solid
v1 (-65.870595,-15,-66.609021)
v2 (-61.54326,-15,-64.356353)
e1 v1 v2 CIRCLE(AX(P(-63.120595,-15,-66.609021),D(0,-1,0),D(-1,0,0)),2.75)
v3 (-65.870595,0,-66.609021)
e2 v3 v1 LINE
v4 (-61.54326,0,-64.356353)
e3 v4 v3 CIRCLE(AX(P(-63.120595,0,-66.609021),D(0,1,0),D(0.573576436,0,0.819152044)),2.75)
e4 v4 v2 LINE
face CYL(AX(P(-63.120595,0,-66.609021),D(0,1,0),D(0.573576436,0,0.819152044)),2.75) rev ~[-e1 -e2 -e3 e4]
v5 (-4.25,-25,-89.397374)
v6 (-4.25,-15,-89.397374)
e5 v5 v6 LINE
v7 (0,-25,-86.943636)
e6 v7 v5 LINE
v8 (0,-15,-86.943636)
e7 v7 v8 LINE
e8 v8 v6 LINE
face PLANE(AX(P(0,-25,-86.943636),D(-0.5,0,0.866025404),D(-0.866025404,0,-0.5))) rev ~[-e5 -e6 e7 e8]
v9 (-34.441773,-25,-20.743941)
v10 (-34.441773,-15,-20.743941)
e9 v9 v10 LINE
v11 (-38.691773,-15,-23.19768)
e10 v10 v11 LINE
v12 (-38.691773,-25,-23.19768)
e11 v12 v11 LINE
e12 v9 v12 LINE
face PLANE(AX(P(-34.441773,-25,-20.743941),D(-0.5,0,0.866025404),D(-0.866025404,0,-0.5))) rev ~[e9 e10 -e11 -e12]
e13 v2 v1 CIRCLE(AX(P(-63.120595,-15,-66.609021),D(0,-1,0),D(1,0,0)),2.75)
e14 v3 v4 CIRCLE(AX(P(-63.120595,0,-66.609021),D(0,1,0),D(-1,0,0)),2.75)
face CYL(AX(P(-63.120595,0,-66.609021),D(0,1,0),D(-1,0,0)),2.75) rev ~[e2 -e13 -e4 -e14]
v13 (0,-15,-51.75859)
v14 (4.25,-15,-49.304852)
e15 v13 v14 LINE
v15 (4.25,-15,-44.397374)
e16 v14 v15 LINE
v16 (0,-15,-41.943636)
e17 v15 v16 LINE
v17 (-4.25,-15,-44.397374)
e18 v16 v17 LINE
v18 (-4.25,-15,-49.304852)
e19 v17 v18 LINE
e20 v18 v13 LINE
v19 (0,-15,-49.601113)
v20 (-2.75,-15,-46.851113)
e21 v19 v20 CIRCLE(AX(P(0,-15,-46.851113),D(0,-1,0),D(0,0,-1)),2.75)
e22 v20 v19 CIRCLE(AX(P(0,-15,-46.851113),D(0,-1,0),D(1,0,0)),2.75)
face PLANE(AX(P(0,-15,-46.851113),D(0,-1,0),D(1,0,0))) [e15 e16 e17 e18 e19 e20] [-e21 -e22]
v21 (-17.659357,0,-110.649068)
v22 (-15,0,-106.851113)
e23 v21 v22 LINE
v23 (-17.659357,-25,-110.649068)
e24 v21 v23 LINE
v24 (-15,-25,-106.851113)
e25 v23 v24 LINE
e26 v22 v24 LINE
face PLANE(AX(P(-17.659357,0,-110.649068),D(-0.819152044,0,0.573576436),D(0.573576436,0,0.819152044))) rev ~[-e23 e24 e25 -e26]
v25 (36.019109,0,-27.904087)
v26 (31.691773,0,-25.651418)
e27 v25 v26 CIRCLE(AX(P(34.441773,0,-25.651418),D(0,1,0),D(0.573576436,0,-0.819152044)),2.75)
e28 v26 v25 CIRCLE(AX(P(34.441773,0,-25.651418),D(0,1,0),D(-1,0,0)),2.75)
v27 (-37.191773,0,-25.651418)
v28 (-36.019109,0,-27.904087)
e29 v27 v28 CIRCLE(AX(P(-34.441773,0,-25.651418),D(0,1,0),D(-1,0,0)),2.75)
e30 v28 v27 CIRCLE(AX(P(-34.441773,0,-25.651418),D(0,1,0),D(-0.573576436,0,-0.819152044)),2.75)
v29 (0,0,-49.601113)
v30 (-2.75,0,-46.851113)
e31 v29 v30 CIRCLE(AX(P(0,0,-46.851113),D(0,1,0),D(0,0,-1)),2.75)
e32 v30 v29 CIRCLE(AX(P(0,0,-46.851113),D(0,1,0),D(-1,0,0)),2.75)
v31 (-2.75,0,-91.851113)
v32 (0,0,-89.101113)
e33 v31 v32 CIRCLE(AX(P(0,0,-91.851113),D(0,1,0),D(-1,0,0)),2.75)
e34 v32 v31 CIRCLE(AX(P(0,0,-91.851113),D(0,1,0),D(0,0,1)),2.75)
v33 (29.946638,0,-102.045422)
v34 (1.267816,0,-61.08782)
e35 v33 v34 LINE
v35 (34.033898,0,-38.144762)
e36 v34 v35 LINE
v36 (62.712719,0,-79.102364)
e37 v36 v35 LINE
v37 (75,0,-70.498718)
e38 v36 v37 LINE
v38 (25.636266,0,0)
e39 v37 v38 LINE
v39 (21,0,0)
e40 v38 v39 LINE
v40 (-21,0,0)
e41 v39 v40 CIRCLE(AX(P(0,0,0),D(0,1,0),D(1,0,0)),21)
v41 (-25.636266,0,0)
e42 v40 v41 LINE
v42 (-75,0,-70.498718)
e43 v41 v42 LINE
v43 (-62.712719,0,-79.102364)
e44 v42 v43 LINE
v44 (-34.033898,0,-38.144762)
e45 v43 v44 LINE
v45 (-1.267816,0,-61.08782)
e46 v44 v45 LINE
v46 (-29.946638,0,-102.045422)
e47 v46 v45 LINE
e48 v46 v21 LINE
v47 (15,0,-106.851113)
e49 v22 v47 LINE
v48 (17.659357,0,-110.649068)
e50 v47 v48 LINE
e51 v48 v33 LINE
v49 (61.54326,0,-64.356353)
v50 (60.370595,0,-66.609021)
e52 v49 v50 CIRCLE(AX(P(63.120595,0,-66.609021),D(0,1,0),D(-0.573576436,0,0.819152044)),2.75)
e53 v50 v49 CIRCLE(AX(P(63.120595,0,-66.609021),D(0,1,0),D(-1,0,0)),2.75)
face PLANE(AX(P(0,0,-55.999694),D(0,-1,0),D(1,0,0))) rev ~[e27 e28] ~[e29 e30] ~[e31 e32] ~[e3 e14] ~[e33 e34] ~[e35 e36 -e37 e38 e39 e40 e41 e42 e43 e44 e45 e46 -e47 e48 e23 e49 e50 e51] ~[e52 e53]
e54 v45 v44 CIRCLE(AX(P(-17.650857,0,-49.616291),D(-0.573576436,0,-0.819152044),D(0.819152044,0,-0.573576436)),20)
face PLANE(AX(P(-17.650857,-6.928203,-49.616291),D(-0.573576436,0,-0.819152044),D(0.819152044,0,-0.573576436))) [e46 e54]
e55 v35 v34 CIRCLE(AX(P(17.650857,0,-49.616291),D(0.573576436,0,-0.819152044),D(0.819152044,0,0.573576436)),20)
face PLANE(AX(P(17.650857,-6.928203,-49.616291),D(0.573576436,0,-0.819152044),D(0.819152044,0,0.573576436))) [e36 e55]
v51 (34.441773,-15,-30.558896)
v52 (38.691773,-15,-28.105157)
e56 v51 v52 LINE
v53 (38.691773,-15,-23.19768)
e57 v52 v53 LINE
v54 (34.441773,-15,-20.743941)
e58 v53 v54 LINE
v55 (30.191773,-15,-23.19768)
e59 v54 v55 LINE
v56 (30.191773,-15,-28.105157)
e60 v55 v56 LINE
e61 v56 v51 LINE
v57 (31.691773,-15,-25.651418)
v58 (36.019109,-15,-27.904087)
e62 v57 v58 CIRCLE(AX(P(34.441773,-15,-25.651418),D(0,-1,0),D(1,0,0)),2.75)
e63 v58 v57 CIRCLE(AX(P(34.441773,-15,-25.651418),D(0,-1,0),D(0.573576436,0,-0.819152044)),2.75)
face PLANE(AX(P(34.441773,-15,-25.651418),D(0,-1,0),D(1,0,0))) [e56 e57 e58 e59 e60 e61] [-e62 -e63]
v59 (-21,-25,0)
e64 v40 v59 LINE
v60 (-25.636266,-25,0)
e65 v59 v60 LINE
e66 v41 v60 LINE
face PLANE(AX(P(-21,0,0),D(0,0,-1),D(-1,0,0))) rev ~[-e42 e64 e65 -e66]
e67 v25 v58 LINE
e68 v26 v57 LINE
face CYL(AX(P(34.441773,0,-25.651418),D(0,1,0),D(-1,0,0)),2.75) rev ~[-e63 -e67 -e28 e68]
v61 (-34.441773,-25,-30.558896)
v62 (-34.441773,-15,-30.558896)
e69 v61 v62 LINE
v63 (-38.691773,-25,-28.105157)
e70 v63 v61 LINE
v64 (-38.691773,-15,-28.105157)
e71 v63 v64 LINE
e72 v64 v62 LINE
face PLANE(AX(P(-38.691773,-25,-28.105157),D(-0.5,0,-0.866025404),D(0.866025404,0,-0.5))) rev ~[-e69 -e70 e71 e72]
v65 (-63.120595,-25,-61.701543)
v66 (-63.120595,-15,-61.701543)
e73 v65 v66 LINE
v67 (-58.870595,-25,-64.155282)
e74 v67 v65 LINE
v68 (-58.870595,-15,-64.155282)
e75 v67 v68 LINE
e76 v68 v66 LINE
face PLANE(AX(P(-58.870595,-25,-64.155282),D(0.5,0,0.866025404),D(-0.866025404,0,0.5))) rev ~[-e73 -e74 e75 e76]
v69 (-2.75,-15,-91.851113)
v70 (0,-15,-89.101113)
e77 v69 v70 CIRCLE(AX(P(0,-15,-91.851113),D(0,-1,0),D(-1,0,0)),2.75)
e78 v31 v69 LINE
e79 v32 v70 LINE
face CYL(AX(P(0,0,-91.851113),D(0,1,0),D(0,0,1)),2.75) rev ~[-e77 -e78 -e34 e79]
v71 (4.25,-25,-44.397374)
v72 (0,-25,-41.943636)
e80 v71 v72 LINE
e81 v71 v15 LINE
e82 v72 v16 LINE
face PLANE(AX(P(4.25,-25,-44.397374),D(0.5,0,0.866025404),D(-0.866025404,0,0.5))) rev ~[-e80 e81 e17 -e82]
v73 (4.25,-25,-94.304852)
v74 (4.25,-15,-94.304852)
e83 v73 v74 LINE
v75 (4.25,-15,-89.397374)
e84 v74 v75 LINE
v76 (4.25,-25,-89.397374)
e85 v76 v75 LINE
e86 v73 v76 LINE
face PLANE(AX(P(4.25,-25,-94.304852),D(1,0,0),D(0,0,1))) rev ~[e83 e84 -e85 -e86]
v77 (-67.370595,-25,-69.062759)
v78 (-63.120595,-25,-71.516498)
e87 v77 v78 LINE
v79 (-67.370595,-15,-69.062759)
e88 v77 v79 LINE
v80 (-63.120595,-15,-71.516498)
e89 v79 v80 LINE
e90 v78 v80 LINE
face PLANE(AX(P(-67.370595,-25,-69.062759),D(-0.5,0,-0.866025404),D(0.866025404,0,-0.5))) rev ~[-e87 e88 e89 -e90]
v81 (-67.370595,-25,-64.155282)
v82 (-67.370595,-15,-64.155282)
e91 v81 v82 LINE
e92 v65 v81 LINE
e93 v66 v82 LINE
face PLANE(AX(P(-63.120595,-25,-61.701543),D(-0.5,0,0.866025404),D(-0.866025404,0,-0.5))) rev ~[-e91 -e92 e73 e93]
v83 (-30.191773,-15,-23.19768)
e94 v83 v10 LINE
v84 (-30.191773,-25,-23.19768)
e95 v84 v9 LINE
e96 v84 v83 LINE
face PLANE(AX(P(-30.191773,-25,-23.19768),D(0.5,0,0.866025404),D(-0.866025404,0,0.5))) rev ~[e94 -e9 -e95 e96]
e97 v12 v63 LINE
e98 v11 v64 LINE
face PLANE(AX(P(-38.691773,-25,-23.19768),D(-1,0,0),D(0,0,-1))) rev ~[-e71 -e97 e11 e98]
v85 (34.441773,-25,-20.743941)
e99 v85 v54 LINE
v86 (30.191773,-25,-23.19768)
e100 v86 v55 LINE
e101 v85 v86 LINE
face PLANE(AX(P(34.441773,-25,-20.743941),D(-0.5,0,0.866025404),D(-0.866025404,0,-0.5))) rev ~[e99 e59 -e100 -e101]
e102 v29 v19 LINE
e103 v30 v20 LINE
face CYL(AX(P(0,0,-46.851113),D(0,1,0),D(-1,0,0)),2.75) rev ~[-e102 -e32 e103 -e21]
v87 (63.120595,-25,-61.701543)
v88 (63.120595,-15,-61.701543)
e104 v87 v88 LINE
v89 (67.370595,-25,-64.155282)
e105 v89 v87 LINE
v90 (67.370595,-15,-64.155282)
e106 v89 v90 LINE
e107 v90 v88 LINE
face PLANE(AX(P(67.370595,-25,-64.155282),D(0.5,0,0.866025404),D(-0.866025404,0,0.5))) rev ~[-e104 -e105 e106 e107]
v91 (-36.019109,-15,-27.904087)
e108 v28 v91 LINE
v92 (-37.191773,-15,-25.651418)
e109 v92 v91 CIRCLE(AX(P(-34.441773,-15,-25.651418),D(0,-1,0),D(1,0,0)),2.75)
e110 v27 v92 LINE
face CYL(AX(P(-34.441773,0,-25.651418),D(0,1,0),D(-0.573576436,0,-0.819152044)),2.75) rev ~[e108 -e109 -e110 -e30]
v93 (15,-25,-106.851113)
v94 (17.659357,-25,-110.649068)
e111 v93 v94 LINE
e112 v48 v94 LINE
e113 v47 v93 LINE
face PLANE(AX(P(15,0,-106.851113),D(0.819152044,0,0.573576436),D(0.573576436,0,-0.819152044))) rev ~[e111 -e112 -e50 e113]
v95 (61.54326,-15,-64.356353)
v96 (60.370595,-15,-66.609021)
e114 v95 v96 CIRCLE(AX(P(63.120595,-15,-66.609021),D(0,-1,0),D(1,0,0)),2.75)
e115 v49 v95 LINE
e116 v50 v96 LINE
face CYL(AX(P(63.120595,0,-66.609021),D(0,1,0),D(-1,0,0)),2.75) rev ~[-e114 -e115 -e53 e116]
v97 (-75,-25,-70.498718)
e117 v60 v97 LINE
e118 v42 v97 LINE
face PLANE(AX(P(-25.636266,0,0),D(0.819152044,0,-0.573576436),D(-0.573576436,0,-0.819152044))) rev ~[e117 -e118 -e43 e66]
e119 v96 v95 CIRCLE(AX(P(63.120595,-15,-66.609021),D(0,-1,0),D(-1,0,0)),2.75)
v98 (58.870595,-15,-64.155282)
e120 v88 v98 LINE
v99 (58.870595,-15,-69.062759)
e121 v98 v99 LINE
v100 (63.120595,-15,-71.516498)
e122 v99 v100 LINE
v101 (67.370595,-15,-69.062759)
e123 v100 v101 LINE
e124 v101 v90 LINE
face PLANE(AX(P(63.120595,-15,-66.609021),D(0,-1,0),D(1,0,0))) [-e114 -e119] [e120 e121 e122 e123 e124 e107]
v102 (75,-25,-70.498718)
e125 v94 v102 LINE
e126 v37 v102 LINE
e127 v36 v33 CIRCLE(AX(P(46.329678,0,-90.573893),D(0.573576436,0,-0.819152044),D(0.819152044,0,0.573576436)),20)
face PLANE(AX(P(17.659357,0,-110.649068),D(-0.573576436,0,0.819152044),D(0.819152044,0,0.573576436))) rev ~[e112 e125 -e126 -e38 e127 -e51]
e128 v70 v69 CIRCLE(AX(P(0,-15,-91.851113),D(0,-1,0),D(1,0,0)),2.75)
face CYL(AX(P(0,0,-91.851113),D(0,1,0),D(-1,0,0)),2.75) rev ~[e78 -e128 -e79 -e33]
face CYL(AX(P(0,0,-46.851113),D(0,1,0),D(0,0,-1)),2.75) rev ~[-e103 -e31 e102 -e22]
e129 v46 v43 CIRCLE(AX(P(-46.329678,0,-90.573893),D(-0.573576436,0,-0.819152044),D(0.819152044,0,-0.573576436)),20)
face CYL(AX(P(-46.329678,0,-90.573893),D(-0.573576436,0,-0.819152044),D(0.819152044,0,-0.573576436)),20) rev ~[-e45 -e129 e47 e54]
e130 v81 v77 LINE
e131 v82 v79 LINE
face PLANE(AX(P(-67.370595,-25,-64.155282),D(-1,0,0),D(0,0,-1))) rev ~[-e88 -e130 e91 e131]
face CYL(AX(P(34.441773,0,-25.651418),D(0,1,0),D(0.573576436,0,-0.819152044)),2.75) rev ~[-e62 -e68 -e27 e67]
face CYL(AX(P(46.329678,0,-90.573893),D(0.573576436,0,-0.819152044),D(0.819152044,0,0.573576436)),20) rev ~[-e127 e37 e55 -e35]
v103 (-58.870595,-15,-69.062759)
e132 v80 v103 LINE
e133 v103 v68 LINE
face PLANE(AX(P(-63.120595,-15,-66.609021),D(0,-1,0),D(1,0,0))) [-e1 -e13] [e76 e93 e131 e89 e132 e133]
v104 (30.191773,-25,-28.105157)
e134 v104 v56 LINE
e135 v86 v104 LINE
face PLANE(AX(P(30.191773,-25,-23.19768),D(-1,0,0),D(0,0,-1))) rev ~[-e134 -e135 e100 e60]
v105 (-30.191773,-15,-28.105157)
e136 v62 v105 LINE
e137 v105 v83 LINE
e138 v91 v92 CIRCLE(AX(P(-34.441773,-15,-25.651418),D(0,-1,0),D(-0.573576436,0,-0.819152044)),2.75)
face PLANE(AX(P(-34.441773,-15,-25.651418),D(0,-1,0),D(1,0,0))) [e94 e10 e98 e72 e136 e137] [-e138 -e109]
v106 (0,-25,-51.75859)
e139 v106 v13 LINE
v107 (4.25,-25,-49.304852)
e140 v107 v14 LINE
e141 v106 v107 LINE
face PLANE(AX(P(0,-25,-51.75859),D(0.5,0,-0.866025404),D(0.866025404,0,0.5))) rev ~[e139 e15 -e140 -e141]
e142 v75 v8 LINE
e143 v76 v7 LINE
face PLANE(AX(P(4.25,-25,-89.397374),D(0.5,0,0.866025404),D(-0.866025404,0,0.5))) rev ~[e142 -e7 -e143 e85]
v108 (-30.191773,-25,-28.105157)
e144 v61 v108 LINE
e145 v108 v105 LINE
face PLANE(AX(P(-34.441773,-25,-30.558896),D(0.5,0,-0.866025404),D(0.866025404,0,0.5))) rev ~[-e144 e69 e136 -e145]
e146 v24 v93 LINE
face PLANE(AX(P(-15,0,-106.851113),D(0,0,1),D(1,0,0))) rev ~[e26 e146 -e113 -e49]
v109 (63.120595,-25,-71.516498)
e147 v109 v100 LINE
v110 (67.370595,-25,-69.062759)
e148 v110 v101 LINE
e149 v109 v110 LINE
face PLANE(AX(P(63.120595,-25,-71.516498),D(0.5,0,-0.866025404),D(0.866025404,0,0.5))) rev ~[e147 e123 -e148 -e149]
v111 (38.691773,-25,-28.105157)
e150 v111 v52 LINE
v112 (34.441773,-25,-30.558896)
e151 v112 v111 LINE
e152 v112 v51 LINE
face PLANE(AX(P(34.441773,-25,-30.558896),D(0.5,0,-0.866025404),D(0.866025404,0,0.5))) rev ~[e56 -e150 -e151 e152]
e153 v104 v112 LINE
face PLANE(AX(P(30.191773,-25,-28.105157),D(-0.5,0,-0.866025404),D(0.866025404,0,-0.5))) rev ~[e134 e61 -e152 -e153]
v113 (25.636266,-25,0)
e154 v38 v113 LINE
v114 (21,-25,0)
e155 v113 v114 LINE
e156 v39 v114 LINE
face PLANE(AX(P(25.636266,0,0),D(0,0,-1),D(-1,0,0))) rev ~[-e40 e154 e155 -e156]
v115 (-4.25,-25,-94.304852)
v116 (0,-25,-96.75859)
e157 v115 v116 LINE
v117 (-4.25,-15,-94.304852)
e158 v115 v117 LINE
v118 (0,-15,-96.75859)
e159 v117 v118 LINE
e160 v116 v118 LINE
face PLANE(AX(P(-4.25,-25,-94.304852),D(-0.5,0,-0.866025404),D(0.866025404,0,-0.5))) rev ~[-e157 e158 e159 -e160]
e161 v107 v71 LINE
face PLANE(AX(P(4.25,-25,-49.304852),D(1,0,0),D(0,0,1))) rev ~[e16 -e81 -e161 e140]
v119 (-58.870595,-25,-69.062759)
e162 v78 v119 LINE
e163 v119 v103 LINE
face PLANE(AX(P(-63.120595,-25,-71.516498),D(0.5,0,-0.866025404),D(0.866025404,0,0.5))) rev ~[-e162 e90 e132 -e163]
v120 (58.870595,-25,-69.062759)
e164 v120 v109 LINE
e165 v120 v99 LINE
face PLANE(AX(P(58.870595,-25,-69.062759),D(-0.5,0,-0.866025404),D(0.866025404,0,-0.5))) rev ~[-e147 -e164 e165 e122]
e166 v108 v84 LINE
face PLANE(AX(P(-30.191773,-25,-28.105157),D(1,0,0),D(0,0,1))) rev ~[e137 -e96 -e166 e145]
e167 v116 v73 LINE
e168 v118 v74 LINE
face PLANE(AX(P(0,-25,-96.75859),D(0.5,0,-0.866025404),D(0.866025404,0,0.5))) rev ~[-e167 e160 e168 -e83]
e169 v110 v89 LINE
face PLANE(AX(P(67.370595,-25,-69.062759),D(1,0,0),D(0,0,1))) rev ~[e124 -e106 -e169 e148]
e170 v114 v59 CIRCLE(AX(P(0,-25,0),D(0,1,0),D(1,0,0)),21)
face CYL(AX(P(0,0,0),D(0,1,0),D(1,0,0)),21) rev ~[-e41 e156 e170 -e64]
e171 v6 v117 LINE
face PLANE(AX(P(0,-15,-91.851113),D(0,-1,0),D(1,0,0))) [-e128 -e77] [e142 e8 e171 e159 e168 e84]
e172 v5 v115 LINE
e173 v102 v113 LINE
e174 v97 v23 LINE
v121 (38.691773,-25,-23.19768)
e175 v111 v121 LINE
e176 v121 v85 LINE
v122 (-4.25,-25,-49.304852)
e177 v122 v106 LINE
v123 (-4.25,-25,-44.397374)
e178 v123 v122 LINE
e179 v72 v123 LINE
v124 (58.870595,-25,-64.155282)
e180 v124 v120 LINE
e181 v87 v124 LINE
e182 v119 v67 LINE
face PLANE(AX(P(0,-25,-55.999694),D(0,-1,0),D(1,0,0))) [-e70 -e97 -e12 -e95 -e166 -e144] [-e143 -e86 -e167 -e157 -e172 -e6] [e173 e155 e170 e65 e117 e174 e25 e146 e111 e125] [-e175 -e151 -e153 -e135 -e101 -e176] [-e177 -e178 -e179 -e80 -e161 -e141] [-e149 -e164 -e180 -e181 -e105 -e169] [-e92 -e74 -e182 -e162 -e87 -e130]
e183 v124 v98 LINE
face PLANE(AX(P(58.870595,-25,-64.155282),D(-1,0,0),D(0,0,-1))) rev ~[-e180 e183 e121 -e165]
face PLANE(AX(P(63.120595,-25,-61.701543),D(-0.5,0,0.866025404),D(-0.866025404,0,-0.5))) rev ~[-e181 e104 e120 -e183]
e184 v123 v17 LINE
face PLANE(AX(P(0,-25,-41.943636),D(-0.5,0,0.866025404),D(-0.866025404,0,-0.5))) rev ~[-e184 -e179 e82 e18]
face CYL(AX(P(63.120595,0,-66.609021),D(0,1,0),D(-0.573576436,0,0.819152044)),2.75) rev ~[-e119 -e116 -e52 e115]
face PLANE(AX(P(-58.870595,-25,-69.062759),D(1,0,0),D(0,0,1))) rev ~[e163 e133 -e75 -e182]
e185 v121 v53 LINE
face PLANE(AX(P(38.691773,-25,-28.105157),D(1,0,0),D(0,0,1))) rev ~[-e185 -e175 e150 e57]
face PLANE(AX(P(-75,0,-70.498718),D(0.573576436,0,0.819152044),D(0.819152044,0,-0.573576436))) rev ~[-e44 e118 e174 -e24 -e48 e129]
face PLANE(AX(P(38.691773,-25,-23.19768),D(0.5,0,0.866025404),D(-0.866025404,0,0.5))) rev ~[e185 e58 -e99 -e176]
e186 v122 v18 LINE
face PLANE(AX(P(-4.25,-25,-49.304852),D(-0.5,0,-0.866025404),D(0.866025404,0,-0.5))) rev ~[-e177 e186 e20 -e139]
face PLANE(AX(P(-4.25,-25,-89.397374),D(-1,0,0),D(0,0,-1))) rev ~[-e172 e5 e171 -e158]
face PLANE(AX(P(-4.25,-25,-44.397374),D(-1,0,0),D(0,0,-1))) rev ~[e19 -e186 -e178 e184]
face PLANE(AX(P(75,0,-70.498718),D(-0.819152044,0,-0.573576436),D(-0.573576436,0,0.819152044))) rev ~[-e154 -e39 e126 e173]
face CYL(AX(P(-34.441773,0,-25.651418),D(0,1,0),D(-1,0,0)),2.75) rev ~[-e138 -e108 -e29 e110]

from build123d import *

# Parameters (mm, degrees)
F1_DEPTH = 25
F3_DEPTH = 50
F5_DEPTH = 50
F7_DEPTH = 25.001
F8_R     = 2.75
F9_DEPTH = 10


with BuildPart() as f1:
    # F0 (on Front) → F1 (new body)
    with BuildSketch(Plane.XZ):
        with BuildLine():
            Line((25.636266364, 0), (21, 0))
            ThreePointArc((21, 0), (0, -21), (-21, 0))
            Line((-21, 0), (-25.636266364, 0))
            Line((-25.636266364, 0), (-75, -70.4987177976))
            Line((-75, -70.4987177976), (-17.6593568998, -110.6490683422))
            Line((-17.6593568998, -110.6490683422), (-15, -106.8511130866))
            Line((-15, -106.8511130866), (15, -106.8511130866))
            Line((15, -106.8511130866), (17.6593568998, -110.6490683422))
            Line((17.6593568998, -110.6490683422), (75, -70.4987177976))
            Line((75, -70.4987177976), (25.636266364, 0))
        make_face()
    extrude(amount=F1_DEPTH)

    # F2 (on face) → F3 (cut)
    with BuildSketch(Plane(origin=(-57.7978070699, 0, -82.543822961), x_dir=(0.8191520443, 0, -0.5735764364), z_dir=(-0.5735764364, 0, -0.8191520443))):
        with BuildLine():
            ThreePointArc((34, 0), (14, 20), (-6, 0))
            Line((-6, 0), (34, 0))
        make_face()
    extrude(amount=-F3_DEPTH, mode=Mode.SUBTRACT)

    # F4 (on face) → F5 (cut)
    with BuildSketch(Plane(origin=(57.7978070699, 0, -82.543822961), x_dir=(0.8191520443, 0, 0.5735764364), z_dir=(0.5735764364, 0, -0.8191520443))):
        with BuildLine():
            ThreePointArc((6, 0), (-14, 20), (-34, 0))
            Line((-34, 0), (6, 0))
        make_face()
    extrude(amount=-F5_DEPTH, mode=Mode.SUBTRACT)

    # F6 (on face) → F7 (cut, through all)
    with BuildSketch(Plane(origin=(0, 0, 0), x_dir=(-1, 0, 0), z_dir=(0, 1, 0))):
        with BuildLine():
            ThreePointArc((-61.5432601044, -64.3563525056), (-65.5598750956, -67.8788293138), (-60.3705953043, -66.6090206274))
            ThreePointArc((-60.3705953043, -66.6090206274), (-60.6813155131, -65.339211941), (-61.5432601044, -64.3563525056))
        make_face()
        with BuildLine():
            ThreePointArc((36.0191086867, -27.9040865347), (36.881053278, -26.9212270993), (37.1917734868, -25.6514184129))
            ThreePointArc((37.1917734868, -25.6514184129), (32.0024936955, -24.3816097265), (36.0191086867, -27.9040865347))
        make_face()
        with BuildLine():
            ThreePointArc((65.8705953043, -66.6090206274), (64.3904039907, -64.1697408361), (61.5432601044, -64.3563525056))
            ThreePointArc((61.5432601044, -64.3563525056), (61.8507866179, -69.0483004186), (65.8705953043, -66.6090206274))
        make_face()
        with BuildLine():
            ThreePointArc((0, -49.6011130866), (1.9445436483, -48.7956567348), (2.75, -46.8511130866))
            ThreePointArc((2.75, -46.8511130866), (-1.9445436483, -44.9065694383), (0, -49.6011130866))
        make_face()
        with BuildLine():
            ThreePointArc((2.75, -91.8511130866), (1.9445436483, -89.9065694383), (0, -89.1011130866))
            ThreePointArc((0, -89.1011130866), (-1.9445436483, -93.7956567348), (2.75, -91.8511130866))
        make_face()
        with BuildLine():
            ThreePointArc((-31.6917734868, -25.6514184129), (-35.7115821732, -23.2121386217), (-36.0191086867, -27.9040865347))
            ThreePointArc((-36.0191086867, -27.9040865347), (-33.1719648004, -28.0906982041), (-31.6917734868, -25.6514184129))
        make_face()
    extrude(amount=-F7_DEPTH, mode=Mode.SUBTRACT)

    # F8 (on face) → F9 (cut)
    with BuildSketch(Plane.XZ.offset(25)):
        Polygon((-30.1917734868, -28.105157057), (-30.1917734868, -23.1976797689), (-34.4417734868, -20.7439411248), (-38.6917734868, -23.1976797689), (-38.6917734868, -28.105157057), (-34.4417734868, -30.558895701), align=None)
        with Locations((-34.4417734868, -25.6514184129)):
            Circle(F8_R, mode=Mode.SUBTRACT)
        Polygon((-58.8705953043, -69.0627592714), (-58.8705953043, -64.1552819833), (-63.1205953043, -61.7015433392), (-67.3705953043, -64.1552819833), (-67.3705953043, -69.0627592714), (-63.1205953043, -71.5164979155), align=None)
        with Locations((-63.1205953043, -66.6090206274)):
            Circle(F8_R, mode=Mode.SUBTRACT)
        Polygon((4.25, -94.3048517306), (4.25, -89.3973744425), (0, -86.9436357985), (-4.25, -89.3973744425), (-4.25, -94.3048517306), (0, -96.7585903747), align=None)
        with Locations((0, -91.8511130866)):
            Circle(F8_R, mode=Mode.SUBTRACT)
        Polygon((4.25, -49.3048517306), (4.25, -44.3973744425), (0, -41.9436357985), (-4.25, -44.3973744425), (-4.25, -49.3048517306), (0, -51.7585903747), align=None)
        with Locations((0, -46.8511130866)):
            Circle(F8_R, mode=Mode.SUBTRACT)
        Polygon((30.1917734868, -23.1976797689), (30.1917734868, -28.105157057), (34.4417734868, -30.558895701), (38.6917734868, -28.105157057), (38.6917734868, -23.1976797689), (34.4417734868, -20.7439411248), align=None)
        with Locations((34.4417734868, -25.6514184129)):
            Circle(F8_R, mode=Mode.SUBTRACT)
        Polygon((58.8705953043, -64.1552819833), (58.8705953043, -69.0627592714), (63.1205953043, -71.5164979155), (67.3705953043, -69.0627592714), (67.3705953043, -64.1552819833), (63.1205953043, -61.7015433392), align=None)
        with Locations((63.1205953043, -66.6090206274)):
            Circle(F8_R, mode=Mode.SUBTRACT)
    extrude(amount=-F9_DEPTH, mode=Mode.SUBTRACT)


solid = f1.part
